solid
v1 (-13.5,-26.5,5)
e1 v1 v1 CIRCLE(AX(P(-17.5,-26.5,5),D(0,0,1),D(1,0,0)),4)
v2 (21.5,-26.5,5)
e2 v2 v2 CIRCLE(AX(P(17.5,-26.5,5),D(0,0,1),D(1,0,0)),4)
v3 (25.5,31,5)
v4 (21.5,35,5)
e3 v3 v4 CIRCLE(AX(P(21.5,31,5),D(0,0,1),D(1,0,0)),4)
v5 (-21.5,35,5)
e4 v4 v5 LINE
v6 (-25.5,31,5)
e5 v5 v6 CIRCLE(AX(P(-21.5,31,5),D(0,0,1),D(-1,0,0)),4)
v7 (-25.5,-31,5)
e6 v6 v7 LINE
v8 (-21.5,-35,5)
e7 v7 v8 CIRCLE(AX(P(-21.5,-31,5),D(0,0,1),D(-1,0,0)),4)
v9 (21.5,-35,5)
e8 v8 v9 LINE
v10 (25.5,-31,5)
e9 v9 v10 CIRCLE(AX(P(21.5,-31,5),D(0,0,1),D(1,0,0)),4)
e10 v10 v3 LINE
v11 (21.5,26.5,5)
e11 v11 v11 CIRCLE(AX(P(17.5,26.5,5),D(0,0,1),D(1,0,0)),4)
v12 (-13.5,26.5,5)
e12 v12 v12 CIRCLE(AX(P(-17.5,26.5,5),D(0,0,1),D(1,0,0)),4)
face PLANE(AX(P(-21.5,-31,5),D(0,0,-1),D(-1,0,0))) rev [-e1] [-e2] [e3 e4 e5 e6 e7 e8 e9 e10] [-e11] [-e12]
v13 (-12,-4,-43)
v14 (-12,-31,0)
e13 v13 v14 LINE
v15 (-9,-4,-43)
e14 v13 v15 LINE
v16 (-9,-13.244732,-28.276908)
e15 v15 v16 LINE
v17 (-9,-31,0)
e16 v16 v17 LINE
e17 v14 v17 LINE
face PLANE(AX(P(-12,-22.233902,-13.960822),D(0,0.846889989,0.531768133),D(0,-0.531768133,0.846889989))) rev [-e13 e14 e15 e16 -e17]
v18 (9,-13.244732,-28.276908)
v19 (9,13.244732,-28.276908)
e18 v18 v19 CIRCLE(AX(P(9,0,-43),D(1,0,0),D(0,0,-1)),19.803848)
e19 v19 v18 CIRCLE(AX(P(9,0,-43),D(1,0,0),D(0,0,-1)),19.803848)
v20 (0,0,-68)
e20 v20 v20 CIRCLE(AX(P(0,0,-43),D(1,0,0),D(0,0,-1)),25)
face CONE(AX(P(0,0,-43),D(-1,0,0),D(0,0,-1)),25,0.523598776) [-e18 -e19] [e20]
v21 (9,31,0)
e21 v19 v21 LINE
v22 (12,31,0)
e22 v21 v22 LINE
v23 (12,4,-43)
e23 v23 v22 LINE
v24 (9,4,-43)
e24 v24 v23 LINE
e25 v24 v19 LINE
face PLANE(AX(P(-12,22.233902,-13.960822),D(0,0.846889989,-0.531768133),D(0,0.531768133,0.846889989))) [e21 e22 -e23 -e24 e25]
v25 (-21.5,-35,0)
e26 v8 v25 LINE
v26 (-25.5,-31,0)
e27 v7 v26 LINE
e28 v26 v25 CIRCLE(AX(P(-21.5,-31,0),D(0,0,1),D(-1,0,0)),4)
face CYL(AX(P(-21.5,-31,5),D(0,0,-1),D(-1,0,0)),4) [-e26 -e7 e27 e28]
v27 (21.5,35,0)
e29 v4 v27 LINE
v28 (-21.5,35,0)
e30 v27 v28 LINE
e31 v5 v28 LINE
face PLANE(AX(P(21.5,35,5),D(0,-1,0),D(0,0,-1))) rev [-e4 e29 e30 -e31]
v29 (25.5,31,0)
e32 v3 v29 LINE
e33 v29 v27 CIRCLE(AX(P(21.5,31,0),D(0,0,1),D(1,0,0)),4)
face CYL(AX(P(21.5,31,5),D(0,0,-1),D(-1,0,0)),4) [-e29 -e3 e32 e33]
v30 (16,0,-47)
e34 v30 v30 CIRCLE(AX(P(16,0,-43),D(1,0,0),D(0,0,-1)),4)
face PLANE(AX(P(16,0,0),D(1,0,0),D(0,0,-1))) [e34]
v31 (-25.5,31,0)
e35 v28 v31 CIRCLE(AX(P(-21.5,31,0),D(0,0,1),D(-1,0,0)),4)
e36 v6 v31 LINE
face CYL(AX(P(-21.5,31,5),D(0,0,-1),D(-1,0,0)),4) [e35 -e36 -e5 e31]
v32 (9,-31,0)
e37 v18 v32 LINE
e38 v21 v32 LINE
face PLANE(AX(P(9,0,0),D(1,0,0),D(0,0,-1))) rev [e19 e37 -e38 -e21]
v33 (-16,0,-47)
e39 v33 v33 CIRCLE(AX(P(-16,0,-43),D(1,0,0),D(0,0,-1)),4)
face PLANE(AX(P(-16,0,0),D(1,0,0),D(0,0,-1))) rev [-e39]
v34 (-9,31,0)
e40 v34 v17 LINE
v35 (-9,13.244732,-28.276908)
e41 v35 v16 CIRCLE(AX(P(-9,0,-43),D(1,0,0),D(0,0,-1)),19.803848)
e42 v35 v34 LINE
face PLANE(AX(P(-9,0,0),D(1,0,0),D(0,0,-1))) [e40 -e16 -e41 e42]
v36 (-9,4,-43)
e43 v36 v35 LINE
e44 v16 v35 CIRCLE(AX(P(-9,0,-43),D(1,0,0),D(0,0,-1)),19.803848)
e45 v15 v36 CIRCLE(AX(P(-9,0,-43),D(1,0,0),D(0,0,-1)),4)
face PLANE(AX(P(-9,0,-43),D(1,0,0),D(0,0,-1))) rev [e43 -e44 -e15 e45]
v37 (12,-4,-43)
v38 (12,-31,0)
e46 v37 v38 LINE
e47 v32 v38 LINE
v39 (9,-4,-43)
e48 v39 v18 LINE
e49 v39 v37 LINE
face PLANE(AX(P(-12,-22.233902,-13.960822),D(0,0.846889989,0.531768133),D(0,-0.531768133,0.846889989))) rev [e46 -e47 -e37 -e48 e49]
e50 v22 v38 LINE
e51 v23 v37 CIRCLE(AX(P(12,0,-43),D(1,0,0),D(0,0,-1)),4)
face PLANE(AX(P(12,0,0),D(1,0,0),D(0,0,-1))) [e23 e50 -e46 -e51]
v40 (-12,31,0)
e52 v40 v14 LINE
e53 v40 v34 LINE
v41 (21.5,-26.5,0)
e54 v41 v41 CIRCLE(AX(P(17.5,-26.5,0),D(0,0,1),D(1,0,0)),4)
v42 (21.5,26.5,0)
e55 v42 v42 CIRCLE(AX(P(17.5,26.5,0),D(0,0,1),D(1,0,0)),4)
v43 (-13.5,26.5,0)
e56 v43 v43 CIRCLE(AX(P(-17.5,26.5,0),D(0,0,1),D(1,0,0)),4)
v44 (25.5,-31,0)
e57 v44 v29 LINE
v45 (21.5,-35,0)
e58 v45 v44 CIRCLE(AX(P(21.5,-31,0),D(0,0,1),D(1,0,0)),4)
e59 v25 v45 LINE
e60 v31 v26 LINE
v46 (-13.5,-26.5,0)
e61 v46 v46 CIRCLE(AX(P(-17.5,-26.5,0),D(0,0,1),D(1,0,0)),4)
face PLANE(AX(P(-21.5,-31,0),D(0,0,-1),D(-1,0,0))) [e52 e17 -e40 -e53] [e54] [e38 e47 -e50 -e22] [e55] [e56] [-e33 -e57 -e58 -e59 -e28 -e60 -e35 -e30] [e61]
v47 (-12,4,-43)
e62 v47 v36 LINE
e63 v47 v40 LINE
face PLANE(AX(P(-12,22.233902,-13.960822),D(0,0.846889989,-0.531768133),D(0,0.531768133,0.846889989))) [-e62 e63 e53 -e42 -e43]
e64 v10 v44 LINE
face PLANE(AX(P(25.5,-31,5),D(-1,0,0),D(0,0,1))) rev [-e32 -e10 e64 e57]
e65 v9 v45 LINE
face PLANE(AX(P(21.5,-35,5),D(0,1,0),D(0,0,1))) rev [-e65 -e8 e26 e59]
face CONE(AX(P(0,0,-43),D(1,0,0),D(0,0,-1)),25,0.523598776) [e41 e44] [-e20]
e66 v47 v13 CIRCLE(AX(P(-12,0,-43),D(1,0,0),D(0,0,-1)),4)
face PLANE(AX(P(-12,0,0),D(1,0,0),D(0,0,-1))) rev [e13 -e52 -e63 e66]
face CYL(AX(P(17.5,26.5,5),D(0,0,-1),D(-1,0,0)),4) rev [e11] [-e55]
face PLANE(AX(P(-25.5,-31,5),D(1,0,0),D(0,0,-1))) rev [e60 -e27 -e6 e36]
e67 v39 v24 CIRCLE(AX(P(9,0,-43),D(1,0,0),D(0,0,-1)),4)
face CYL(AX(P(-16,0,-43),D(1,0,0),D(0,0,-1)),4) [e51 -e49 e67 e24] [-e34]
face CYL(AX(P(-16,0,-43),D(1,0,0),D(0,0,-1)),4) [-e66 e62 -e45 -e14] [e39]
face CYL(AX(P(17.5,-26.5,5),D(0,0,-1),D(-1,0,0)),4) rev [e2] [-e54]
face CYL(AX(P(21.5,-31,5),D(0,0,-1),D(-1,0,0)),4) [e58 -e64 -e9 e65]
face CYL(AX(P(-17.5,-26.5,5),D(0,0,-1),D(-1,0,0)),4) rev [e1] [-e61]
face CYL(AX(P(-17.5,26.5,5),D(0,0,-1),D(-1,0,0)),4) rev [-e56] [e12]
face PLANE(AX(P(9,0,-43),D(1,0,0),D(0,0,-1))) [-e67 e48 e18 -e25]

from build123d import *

# Parameters (mm, degrees)
SKETCH_1_R                = 4
EXTRUDE_1_DEPTH           = 5
EXTRUDE_2_DEPTH           = 12
EXTRUDE_2_DEPTH_BACK      = 12
EXTRUDE_3_DEPTH           = 16
EXTRUDE_3_DEPTH_BACK      = 16
CUT_EXTRUDE_1_DEPTH       = 9
CUT_EXTRUDE_1_DEPTH_BACK  = 9
SKETCH_2_5_R              = 25
EXTRUDE_4_DEPTH           = 9
EXTRUDE_4_TAPER           = 30
EXTRUDE_4_OTHER_WAY_DEPTH = 9
EXTRUDE_4_OTHER_WAY_TAPER = 30


with BuildPart() as part:
    # 草图1 → 凸台-拉伸1 (new body)
    with BuildSketch(Plane.XY):
        with BuildLine():
            Line((21.5, -35), (-21.5, -35))
            ThreePointArc((-21.5, -35), (-24.328427125, -33.828427125), (-25.5, -31))
            Line((-25.5, -31), (-25.5, 31))
            ThreePointArc((-25.5, 31), (-24.328427125, 33.828427125), (-21.5, 35))
            Line((-21.5, 35), (21.5, 35))
            ThreePointArc((21.5, 35), (24.328427125, 33.828427125), (25.5, 31))
            Line((25.5, 31), (25.5, -31))
            ThreePointArc((25.5, -31), (24.328427125, -33.828427125), (21.5, -35))
        make_face()
        with Locations((-17.5, 26.5)):
            Circle(SKETCH_1_R, mode=Mode.SUBTRACT)
        with Locations((17.5, 26.5)):
            Circle(SKETCH_1_R, mode=Mode.SUBTRACT)
        with Locations((17.5, -26.5)):
            Circle(SKETCH_1_R, mode=Mode.SUBTRACT)
        with Locations((-17.5, -26.5)):
            Circle(SKETCH_1_R, mode=Mode.SUBTRACT)
    extrude(amount=EXTRUDE_1_DEPTH)

    # 草图2 → 凸台-拉伸2 (add, two sides: drawn at the far end of the back side and taken through both)
    with BuildSketch(Plane(origin=(0, 0, 0), x_dir=(0, 0, -1), z_dir=(1, 0, 0)).offset(-EXTRUDE_2_DEPTH_BACK)):
        with BuildLine():
            ThreePointArc((43, -4), (39, 0), (43, 4))
            Line((43, 4), (0, 31))
            Line((0, 31), (0, -31))
            Line((0, -31), (43, -4))
        make_face()
    extrude(amount=EXTRUDE_2_DEPTH + EXTRUDE_2_DEPTH_BACK)

    # 草图2<3> → 凸台-拉伸3 (add, two sides: drawn at the far end of the back side and taken through both)
    with BuildSketch(Plane(origin=(0, 0, 0), x_dir=(0, 0, -1), z_dir=(1, 0, 0)).offset(-EXTRUDE_3_DEPTH_BACK)):
        with BuildLine():
            ThreePointArc((47, 0), (45.828427125, 2.828427125), (43, 4))
            ThreePointArc((43, 4), (39, 0), (43, -4))
            ThreePointArc((43, -4), (45.828427125, -2.828427125), (47, 0))
        make_face()
    extrude(amount=EXTRUDE_3_DEPTH + EXTRUDE_3_DEPTH_BACK)

    # 草图2<4> → 切除-拉伸1 (cut, two sides: drawn at the far end of the back side and taken through both)
    with BuildSketch(Plane(origin=(0, 0, 0), x_dir=(0, 0, -1), z_dir=(1, 0, 0)).offset(-CUT_EXTRUDE_1_DEPTH_BACK)):
        with BuildLine():
            ThreePointArc((43, -4), (47, 0), (43, 4))
            Line((43, 4), (0, 31))
            Line((0, 31), (0, -31))
            Line((0, -31), (43, -4))
        make_face()
    extrude(amount=CUT_EXTRUDE_1_DEPTH + CUT_EXTRUDE_1_DEPTH_BACK, mode=Mode.SUBTRACT)

    # 草图2<5> → 凸台-拉伸4 (add)
    with BuildSketch(Plane(origin=(0, 0, 0), x_dir=(0, 0, -1), z_dir=(1, 0, 0))):
        with Locations((43, 0)):
            Circle(SKETCH_2_5_R)
    extrude(amount=EXTRUDE_4_DEPTH, taper=EXTRUDE_4_TAPER)

    # 草图2<5> → 凸台-拉伸4 other way (add)
    with BuildSketch(Plane(origin=(0, 0, 0), x_dir=(0, 0, -1), z_dir=(1, 0, 0))):
        with Locations((43, 0)):
            Circle(SKETCH_2_5_R)
    extrude(amount=-EXTRUDE_4_OTHER_WAY_DEPTH, taper=EXTRUDE_4_OTHER_WAY_TAPER)


solid = part.part
